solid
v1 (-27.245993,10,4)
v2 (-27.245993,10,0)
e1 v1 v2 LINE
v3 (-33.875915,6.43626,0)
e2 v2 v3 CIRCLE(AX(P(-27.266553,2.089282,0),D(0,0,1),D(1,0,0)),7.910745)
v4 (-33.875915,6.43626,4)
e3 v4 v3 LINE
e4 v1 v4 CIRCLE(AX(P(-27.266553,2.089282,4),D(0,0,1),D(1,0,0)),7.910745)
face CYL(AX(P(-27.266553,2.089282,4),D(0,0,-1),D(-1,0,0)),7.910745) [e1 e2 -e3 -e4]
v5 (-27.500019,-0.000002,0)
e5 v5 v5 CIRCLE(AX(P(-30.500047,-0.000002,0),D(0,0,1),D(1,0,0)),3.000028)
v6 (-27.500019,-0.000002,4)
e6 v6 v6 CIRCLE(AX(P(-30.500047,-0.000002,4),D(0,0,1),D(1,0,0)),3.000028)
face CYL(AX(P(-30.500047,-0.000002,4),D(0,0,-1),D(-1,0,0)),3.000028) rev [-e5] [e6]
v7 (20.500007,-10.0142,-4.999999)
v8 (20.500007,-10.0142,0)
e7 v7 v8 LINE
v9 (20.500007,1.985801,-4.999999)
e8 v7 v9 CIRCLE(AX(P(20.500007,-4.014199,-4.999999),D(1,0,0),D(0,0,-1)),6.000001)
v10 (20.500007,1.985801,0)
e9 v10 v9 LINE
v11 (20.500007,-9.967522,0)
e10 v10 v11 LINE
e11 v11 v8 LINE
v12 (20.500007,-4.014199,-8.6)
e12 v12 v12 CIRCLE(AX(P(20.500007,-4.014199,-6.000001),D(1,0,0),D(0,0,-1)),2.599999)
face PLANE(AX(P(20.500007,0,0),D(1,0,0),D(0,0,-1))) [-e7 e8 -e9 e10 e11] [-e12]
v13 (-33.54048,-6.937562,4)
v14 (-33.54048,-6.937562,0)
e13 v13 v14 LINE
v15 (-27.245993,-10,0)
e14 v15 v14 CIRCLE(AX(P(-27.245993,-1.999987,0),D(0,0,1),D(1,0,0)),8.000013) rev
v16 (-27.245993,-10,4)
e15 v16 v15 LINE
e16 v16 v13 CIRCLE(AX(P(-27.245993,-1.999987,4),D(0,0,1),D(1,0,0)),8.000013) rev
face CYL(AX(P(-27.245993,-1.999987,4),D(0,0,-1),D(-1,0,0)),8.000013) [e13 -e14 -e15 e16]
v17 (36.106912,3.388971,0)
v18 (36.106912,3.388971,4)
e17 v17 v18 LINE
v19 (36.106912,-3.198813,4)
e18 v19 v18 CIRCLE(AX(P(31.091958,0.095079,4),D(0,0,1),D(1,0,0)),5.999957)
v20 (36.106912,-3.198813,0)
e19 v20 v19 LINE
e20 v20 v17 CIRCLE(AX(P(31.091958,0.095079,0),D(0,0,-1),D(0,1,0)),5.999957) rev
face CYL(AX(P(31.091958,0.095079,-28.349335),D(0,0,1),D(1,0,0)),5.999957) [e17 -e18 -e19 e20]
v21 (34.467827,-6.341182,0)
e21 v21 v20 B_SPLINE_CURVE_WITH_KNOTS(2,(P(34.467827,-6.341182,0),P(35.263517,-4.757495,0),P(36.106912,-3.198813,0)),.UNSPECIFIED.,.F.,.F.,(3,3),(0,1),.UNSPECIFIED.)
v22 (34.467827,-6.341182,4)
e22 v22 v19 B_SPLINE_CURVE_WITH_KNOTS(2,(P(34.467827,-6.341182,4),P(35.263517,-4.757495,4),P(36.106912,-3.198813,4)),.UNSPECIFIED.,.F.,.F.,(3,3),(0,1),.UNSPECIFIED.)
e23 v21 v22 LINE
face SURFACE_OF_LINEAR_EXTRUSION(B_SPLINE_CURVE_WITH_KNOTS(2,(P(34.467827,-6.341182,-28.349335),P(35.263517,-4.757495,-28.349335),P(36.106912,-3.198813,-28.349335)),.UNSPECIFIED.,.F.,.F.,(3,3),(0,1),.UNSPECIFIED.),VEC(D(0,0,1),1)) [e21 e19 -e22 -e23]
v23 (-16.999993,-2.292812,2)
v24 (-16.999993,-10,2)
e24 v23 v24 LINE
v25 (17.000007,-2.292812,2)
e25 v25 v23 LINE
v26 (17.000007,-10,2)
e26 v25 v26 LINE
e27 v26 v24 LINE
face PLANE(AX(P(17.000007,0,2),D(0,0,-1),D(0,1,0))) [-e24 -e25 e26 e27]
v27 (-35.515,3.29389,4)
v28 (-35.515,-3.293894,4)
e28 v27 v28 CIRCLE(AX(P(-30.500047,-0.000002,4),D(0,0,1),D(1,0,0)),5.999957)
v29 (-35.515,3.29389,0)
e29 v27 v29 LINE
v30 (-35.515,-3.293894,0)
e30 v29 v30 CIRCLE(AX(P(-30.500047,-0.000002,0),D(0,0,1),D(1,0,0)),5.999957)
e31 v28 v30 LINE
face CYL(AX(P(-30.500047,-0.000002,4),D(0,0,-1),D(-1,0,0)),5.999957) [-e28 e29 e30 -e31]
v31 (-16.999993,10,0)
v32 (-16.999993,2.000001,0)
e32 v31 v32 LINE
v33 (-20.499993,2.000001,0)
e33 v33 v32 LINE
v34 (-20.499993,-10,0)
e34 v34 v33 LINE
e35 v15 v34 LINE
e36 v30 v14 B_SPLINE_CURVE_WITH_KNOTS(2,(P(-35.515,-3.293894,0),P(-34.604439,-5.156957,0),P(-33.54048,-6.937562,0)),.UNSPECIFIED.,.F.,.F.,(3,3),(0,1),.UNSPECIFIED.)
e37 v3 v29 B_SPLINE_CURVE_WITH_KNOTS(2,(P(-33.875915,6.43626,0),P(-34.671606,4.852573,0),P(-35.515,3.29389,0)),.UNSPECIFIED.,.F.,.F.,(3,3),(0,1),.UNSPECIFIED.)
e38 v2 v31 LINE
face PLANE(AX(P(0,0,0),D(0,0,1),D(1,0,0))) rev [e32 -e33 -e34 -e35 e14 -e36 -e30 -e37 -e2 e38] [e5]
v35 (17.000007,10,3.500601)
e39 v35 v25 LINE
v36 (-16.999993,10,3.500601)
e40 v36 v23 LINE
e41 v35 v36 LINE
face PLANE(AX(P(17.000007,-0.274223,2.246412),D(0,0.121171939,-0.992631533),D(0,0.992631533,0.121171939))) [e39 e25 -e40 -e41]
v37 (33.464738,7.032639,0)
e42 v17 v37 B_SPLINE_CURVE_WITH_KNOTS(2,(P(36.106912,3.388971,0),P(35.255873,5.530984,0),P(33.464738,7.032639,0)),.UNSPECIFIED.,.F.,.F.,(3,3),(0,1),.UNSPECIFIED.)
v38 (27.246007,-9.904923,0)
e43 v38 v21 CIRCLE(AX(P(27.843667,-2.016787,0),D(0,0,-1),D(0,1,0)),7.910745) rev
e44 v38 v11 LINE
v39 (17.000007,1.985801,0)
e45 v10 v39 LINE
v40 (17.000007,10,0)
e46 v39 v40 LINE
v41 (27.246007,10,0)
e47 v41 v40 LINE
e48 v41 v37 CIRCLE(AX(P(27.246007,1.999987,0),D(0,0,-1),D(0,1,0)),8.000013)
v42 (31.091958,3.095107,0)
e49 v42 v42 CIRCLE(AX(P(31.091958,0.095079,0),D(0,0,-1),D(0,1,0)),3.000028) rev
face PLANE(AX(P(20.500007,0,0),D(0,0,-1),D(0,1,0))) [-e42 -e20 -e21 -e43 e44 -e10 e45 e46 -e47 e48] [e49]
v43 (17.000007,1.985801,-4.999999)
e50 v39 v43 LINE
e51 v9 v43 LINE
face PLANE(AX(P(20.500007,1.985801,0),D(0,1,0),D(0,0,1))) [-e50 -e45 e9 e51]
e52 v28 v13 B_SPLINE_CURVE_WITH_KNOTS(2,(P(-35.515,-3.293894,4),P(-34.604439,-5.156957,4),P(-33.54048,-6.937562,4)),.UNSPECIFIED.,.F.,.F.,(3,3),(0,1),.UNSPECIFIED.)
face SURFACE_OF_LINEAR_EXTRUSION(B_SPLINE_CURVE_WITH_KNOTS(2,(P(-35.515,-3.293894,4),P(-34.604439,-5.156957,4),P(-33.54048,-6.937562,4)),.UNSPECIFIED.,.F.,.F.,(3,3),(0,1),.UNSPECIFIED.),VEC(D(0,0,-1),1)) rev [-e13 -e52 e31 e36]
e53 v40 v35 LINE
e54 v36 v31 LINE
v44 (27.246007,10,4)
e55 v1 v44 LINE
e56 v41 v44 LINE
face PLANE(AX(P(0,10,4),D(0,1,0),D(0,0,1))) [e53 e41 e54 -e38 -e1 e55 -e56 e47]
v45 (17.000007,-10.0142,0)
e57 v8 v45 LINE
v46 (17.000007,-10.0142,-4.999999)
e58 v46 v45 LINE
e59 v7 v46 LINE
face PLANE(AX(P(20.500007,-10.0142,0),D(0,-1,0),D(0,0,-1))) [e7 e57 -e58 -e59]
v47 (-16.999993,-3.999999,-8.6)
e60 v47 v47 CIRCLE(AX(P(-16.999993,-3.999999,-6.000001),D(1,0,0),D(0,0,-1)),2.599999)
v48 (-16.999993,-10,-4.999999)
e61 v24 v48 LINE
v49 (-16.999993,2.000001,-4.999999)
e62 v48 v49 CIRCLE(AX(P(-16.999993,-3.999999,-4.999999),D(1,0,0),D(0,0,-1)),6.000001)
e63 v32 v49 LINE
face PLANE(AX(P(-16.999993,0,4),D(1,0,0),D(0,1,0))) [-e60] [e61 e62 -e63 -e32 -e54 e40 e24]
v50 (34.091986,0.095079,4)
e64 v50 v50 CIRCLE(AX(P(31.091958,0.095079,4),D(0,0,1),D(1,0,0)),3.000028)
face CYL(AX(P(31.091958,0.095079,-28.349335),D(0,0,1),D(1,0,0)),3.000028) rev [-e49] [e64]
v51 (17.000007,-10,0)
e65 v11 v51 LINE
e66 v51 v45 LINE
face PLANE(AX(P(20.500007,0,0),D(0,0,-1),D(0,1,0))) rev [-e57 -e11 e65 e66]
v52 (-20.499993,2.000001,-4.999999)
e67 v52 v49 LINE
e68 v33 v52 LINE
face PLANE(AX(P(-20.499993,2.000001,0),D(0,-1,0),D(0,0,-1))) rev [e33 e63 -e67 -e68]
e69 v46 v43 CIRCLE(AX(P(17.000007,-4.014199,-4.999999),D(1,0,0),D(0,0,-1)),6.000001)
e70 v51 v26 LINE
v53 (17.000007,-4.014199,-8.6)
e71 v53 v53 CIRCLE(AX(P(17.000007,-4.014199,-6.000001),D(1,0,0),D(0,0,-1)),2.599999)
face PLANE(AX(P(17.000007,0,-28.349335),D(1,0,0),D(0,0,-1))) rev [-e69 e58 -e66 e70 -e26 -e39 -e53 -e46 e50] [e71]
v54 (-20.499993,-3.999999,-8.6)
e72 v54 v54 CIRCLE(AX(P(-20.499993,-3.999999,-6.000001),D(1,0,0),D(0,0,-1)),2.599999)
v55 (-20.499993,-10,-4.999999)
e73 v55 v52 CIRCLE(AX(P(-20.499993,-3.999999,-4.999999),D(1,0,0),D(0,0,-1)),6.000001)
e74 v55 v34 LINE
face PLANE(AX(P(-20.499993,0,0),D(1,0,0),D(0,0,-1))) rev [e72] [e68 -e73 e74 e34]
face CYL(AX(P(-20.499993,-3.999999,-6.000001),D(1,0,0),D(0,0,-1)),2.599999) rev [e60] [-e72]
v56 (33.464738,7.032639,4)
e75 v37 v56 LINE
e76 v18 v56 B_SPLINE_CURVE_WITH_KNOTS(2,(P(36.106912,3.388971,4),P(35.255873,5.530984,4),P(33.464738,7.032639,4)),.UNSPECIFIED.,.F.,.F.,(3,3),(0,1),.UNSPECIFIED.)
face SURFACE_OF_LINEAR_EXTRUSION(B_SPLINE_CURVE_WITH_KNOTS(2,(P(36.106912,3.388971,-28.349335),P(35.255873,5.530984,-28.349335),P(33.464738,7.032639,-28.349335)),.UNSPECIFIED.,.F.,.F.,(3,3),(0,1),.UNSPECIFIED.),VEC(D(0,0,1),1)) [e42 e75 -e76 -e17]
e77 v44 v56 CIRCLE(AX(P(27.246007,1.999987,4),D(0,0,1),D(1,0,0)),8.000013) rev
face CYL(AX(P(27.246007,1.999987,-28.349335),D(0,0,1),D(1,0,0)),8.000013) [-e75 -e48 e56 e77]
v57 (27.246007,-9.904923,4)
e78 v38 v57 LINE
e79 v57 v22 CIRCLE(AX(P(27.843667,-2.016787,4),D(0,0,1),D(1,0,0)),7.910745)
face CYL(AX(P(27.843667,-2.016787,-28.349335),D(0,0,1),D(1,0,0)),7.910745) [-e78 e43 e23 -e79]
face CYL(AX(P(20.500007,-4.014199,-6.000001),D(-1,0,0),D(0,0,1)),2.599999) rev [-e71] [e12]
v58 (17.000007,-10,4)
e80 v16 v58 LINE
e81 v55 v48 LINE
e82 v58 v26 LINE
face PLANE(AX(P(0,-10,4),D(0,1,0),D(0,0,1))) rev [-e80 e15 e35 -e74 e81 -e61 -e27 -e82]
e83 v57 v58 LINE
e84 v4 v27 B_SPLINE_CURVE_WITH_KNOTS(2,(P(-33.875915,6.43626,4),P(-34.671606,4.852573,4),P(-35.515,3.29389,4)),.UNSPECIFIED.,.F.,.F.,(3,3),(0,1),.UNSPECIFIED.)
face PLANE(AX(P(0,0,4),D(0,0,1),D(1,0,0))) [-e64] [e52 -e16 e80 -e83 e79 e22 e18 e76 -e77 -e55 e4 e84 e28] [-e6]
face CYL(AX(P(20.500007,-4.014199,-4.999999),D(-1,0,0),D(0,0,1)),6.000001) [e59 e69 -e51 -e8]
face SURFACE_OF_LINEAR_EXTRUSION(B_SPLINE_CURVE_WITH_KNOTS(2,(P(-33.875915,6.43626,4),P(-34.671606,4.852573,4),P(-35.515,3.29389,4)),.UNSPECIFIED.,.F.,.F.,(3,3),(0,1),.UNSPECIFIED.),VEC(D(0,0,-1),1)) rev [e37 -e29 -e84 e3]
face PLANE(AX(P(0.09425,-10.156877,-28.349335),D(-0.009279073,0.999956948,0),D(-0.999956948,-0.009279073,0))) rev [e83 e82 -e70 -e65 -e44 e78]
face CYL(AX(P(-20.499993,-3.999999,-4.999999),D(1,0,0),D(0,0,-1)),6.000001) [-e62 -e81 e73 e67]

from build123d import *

# Parameters (mm, degrees)
SKETCH1_R           = 3.000027903
BOSS_EXTRUDE1_DEPTH = 4
BOSS_EXTRUDE4_DEPTH = 3.5
BOSS_EXTRUDE6_DEPTH = 34
BOSS_EXTRUDE7_DEPTH = 3.5
SKETCH8_R           = 3.000027903
BOSS_EXTRUDE8_DEPTH = 4


with BuildPart() as part:
    # Sketch1 → Boss-Extrude1 (new body)
    with BuildSketch(Plane.XY):
        with BuildLine():
            ThreePointArc((-35.515, 3.29389), (-36.500003461, -2e-06), (-35.515, -3.293894))
            add(Edge.make_bspline(
                [(-35.515, -3.293894), (-34.604438991, -5.156956918), (-33.54048, -6.937562)],
                knots=[0, 0, 0, 1, 1, 1], degree=2))
            ThreePointArc((-33.54048, -6.937562), (-30.745960827, -9.193764608), (-27.245993386, -10.000000017))
            Line((-27.245993386, -10.000000017), (-16.999993386, -10.000000017))
            Line((-16.999993386, -10.000000017), (-16.999993386, 9.999999983))
            Line((-16.999993386, 9.999999983), (-27.245993386, 9.999999983))
            ThreePointArc((-27.245993386, 9.999999983), (-31.011968955, 9.057189861), (-33.875915, 6.4362595))
            add(Edge.make_bspline(
                [(-33.875915, 6.4362595), (-34.671605619, 4.852572547), (-35.515, 3.29389)],
                knots=[0, 0, 0, 1, 1, 1], degree=2))
        make_face()
        with Locations((-30.500046711, -2e-06)):
            Circle(SKETCH1_R, mode=Mode.SUBTRACT)
    extrude(amount=BOSS_EXTRUDE1_DEPTH)

    # Sketch5 → Boss-Extrude4 (add)
    with BuildSketch(Plane(origin=(-16.999993386, 0, 0), x_dir=(0, 0, -1), z_dir=(1, 0, 0))):
        with BuildLine():
            Line((4.999999299, 2.000001386), (0, 2.000001386))
            Line((0, 2.000001386), (0, -10.000000017))
            Line((0, -10.000000017), (4.999999299, -10.000000017))
            ThreePointArc((4.999999299, -10.000000017), (9.242640482, -8.242640499), (11, -3.999999316))
            ThreePointArc((11, -3.999999316), (9.242640482, 0.242641867), (4.999999299, 2.000001386))
        make_face()
        with BuildLine():
            ThreePointArc((5.745163587, -1.412519358), (7.746056235, -2.073529521), (8.6, -3.999999316))
            ThreePointArc((8.6, -3.999999316), (8.009825654, -5.649423344), (6.507230229, -6.550041118))
            ThreePointArc((6.507230229, -6.550041118), (3.428142195, -4.381492167), (5.745163587, -1.412519358))
        make_face(mode=Mode.SUBTRACT)
    extrude(amount=-BOSS_EXTRUDE4_DEPTH)

    # Sketch5<4> → Boss-Extrude6 (add)
    with BuildSketch(Plane(origin=(-16.999993386, 0, 0), x_dir=(0, 0, -1), z_dir=(1, 0, 0))):
        Polygon((-2, -2.292812017), (-3.500601, 9.999999983), (-4, 9.999999983), (-4, -10.000000017), (-2, -10.000000017), align=None)
    extrude(amount=BOSS_EXTRUDE6_DEPTH)



with BuildPart() as body_2:
    # Sketch7 → Boss-Extrude7 (new body)
    with BuildSketch(Plane(origin=(17.000006614, 0, 0), x_dir=(0, 0, -1), z_dir=(1, 0, 0))):
        with BuildLine():
            Line((4.999999299, 1.98580143), (0, 1.98580143))
            Line((0, 1.98580143), (0, -10.014199973))
            Line((0, -10.014199973), (4.999999299, -10.014199973))
            ThreePointArc((4.999999299, -10.014199973), (9.242640482, -8.256840455), (11, -4.014199272))
            ThreePointArc((11, -4.014199272), (9.242640482, 0.228441911), (4.999999299, 1.98580143))
        make_face()
        with BuildLine():
            ThreePointArc((5.745163587, -1.426719314), (7.746056235, -2.087729477), (8.6, -4.014199272))
            ThreePointArc((8.6, -4.014199272), (8.009825654, -5.6636233), (6.507230229, -6.564241074))
            ThreePointArc((6.507230229, -6.564241074), (3.428142195, -4.395692123), (5.745163587, -1.426719314))
        make_face(mode=Mode.SUBTRACT)
    extrude(amount=BOSS_EXTRUDE7_DEPTH)


with BuildPart() as part_1:
    add(part.part)

    add(body_2.part)  # Boss-Extrude8 merges body 2
    # Sketch8 → Boss-Extrude8 (add)
    with BuildSketch(Plane.XY.offset(4)):
        with BuildLine():
            Line((17.000006614, -10.000000017), (27.246006614, -9.904922539))
            ThreePointArc((27.246006614, -9.904922539), (31.344343382, -9.110808917), (34.467826641, -6.341182039))
            add(Edge.make_bspline(
                [(34.467826641, -6.341182039), (35.26351726, -4.757495086), (36.106911641, -3.198812539)],
                knots=[0, 0, 0, 1, 1, 1], degree=2))
            ThreePointArc((36.106911641, -3.198812539), (37.091915102, 0.095079461), (36.106911641, 3.388971461))
            add(Edge.make_bspline(
                [(36.106911641, 3.388971461), (35.255873472, 5.530984122), (33.464737791, 7.032639461)],
                knots=[0, 0, 0, 1, 1, 1], degree=2))
            ThreePointArc((33.464737791, 7.032639461), (30.691215095, 9.22014949), (27.246006614, 9.999999983))
            Line((27.246006614, 9.999999983), (17.000006614, 9.999999983))
            Line((17.000006614, 9.999999983), (17.000006614, -8.622062624))
            Line((17.000006614, -8.622062624), (17.000006614, -10.000000017))
        make_face()
        with Locations((31.091958352, 0.095079461)):
            Circle(SKETCH8_R, mode=Mode.SUBTRACT)
    extrude(amount=-BOSS_EXTRUDE8_DEPTH)


solid = part_1.part
